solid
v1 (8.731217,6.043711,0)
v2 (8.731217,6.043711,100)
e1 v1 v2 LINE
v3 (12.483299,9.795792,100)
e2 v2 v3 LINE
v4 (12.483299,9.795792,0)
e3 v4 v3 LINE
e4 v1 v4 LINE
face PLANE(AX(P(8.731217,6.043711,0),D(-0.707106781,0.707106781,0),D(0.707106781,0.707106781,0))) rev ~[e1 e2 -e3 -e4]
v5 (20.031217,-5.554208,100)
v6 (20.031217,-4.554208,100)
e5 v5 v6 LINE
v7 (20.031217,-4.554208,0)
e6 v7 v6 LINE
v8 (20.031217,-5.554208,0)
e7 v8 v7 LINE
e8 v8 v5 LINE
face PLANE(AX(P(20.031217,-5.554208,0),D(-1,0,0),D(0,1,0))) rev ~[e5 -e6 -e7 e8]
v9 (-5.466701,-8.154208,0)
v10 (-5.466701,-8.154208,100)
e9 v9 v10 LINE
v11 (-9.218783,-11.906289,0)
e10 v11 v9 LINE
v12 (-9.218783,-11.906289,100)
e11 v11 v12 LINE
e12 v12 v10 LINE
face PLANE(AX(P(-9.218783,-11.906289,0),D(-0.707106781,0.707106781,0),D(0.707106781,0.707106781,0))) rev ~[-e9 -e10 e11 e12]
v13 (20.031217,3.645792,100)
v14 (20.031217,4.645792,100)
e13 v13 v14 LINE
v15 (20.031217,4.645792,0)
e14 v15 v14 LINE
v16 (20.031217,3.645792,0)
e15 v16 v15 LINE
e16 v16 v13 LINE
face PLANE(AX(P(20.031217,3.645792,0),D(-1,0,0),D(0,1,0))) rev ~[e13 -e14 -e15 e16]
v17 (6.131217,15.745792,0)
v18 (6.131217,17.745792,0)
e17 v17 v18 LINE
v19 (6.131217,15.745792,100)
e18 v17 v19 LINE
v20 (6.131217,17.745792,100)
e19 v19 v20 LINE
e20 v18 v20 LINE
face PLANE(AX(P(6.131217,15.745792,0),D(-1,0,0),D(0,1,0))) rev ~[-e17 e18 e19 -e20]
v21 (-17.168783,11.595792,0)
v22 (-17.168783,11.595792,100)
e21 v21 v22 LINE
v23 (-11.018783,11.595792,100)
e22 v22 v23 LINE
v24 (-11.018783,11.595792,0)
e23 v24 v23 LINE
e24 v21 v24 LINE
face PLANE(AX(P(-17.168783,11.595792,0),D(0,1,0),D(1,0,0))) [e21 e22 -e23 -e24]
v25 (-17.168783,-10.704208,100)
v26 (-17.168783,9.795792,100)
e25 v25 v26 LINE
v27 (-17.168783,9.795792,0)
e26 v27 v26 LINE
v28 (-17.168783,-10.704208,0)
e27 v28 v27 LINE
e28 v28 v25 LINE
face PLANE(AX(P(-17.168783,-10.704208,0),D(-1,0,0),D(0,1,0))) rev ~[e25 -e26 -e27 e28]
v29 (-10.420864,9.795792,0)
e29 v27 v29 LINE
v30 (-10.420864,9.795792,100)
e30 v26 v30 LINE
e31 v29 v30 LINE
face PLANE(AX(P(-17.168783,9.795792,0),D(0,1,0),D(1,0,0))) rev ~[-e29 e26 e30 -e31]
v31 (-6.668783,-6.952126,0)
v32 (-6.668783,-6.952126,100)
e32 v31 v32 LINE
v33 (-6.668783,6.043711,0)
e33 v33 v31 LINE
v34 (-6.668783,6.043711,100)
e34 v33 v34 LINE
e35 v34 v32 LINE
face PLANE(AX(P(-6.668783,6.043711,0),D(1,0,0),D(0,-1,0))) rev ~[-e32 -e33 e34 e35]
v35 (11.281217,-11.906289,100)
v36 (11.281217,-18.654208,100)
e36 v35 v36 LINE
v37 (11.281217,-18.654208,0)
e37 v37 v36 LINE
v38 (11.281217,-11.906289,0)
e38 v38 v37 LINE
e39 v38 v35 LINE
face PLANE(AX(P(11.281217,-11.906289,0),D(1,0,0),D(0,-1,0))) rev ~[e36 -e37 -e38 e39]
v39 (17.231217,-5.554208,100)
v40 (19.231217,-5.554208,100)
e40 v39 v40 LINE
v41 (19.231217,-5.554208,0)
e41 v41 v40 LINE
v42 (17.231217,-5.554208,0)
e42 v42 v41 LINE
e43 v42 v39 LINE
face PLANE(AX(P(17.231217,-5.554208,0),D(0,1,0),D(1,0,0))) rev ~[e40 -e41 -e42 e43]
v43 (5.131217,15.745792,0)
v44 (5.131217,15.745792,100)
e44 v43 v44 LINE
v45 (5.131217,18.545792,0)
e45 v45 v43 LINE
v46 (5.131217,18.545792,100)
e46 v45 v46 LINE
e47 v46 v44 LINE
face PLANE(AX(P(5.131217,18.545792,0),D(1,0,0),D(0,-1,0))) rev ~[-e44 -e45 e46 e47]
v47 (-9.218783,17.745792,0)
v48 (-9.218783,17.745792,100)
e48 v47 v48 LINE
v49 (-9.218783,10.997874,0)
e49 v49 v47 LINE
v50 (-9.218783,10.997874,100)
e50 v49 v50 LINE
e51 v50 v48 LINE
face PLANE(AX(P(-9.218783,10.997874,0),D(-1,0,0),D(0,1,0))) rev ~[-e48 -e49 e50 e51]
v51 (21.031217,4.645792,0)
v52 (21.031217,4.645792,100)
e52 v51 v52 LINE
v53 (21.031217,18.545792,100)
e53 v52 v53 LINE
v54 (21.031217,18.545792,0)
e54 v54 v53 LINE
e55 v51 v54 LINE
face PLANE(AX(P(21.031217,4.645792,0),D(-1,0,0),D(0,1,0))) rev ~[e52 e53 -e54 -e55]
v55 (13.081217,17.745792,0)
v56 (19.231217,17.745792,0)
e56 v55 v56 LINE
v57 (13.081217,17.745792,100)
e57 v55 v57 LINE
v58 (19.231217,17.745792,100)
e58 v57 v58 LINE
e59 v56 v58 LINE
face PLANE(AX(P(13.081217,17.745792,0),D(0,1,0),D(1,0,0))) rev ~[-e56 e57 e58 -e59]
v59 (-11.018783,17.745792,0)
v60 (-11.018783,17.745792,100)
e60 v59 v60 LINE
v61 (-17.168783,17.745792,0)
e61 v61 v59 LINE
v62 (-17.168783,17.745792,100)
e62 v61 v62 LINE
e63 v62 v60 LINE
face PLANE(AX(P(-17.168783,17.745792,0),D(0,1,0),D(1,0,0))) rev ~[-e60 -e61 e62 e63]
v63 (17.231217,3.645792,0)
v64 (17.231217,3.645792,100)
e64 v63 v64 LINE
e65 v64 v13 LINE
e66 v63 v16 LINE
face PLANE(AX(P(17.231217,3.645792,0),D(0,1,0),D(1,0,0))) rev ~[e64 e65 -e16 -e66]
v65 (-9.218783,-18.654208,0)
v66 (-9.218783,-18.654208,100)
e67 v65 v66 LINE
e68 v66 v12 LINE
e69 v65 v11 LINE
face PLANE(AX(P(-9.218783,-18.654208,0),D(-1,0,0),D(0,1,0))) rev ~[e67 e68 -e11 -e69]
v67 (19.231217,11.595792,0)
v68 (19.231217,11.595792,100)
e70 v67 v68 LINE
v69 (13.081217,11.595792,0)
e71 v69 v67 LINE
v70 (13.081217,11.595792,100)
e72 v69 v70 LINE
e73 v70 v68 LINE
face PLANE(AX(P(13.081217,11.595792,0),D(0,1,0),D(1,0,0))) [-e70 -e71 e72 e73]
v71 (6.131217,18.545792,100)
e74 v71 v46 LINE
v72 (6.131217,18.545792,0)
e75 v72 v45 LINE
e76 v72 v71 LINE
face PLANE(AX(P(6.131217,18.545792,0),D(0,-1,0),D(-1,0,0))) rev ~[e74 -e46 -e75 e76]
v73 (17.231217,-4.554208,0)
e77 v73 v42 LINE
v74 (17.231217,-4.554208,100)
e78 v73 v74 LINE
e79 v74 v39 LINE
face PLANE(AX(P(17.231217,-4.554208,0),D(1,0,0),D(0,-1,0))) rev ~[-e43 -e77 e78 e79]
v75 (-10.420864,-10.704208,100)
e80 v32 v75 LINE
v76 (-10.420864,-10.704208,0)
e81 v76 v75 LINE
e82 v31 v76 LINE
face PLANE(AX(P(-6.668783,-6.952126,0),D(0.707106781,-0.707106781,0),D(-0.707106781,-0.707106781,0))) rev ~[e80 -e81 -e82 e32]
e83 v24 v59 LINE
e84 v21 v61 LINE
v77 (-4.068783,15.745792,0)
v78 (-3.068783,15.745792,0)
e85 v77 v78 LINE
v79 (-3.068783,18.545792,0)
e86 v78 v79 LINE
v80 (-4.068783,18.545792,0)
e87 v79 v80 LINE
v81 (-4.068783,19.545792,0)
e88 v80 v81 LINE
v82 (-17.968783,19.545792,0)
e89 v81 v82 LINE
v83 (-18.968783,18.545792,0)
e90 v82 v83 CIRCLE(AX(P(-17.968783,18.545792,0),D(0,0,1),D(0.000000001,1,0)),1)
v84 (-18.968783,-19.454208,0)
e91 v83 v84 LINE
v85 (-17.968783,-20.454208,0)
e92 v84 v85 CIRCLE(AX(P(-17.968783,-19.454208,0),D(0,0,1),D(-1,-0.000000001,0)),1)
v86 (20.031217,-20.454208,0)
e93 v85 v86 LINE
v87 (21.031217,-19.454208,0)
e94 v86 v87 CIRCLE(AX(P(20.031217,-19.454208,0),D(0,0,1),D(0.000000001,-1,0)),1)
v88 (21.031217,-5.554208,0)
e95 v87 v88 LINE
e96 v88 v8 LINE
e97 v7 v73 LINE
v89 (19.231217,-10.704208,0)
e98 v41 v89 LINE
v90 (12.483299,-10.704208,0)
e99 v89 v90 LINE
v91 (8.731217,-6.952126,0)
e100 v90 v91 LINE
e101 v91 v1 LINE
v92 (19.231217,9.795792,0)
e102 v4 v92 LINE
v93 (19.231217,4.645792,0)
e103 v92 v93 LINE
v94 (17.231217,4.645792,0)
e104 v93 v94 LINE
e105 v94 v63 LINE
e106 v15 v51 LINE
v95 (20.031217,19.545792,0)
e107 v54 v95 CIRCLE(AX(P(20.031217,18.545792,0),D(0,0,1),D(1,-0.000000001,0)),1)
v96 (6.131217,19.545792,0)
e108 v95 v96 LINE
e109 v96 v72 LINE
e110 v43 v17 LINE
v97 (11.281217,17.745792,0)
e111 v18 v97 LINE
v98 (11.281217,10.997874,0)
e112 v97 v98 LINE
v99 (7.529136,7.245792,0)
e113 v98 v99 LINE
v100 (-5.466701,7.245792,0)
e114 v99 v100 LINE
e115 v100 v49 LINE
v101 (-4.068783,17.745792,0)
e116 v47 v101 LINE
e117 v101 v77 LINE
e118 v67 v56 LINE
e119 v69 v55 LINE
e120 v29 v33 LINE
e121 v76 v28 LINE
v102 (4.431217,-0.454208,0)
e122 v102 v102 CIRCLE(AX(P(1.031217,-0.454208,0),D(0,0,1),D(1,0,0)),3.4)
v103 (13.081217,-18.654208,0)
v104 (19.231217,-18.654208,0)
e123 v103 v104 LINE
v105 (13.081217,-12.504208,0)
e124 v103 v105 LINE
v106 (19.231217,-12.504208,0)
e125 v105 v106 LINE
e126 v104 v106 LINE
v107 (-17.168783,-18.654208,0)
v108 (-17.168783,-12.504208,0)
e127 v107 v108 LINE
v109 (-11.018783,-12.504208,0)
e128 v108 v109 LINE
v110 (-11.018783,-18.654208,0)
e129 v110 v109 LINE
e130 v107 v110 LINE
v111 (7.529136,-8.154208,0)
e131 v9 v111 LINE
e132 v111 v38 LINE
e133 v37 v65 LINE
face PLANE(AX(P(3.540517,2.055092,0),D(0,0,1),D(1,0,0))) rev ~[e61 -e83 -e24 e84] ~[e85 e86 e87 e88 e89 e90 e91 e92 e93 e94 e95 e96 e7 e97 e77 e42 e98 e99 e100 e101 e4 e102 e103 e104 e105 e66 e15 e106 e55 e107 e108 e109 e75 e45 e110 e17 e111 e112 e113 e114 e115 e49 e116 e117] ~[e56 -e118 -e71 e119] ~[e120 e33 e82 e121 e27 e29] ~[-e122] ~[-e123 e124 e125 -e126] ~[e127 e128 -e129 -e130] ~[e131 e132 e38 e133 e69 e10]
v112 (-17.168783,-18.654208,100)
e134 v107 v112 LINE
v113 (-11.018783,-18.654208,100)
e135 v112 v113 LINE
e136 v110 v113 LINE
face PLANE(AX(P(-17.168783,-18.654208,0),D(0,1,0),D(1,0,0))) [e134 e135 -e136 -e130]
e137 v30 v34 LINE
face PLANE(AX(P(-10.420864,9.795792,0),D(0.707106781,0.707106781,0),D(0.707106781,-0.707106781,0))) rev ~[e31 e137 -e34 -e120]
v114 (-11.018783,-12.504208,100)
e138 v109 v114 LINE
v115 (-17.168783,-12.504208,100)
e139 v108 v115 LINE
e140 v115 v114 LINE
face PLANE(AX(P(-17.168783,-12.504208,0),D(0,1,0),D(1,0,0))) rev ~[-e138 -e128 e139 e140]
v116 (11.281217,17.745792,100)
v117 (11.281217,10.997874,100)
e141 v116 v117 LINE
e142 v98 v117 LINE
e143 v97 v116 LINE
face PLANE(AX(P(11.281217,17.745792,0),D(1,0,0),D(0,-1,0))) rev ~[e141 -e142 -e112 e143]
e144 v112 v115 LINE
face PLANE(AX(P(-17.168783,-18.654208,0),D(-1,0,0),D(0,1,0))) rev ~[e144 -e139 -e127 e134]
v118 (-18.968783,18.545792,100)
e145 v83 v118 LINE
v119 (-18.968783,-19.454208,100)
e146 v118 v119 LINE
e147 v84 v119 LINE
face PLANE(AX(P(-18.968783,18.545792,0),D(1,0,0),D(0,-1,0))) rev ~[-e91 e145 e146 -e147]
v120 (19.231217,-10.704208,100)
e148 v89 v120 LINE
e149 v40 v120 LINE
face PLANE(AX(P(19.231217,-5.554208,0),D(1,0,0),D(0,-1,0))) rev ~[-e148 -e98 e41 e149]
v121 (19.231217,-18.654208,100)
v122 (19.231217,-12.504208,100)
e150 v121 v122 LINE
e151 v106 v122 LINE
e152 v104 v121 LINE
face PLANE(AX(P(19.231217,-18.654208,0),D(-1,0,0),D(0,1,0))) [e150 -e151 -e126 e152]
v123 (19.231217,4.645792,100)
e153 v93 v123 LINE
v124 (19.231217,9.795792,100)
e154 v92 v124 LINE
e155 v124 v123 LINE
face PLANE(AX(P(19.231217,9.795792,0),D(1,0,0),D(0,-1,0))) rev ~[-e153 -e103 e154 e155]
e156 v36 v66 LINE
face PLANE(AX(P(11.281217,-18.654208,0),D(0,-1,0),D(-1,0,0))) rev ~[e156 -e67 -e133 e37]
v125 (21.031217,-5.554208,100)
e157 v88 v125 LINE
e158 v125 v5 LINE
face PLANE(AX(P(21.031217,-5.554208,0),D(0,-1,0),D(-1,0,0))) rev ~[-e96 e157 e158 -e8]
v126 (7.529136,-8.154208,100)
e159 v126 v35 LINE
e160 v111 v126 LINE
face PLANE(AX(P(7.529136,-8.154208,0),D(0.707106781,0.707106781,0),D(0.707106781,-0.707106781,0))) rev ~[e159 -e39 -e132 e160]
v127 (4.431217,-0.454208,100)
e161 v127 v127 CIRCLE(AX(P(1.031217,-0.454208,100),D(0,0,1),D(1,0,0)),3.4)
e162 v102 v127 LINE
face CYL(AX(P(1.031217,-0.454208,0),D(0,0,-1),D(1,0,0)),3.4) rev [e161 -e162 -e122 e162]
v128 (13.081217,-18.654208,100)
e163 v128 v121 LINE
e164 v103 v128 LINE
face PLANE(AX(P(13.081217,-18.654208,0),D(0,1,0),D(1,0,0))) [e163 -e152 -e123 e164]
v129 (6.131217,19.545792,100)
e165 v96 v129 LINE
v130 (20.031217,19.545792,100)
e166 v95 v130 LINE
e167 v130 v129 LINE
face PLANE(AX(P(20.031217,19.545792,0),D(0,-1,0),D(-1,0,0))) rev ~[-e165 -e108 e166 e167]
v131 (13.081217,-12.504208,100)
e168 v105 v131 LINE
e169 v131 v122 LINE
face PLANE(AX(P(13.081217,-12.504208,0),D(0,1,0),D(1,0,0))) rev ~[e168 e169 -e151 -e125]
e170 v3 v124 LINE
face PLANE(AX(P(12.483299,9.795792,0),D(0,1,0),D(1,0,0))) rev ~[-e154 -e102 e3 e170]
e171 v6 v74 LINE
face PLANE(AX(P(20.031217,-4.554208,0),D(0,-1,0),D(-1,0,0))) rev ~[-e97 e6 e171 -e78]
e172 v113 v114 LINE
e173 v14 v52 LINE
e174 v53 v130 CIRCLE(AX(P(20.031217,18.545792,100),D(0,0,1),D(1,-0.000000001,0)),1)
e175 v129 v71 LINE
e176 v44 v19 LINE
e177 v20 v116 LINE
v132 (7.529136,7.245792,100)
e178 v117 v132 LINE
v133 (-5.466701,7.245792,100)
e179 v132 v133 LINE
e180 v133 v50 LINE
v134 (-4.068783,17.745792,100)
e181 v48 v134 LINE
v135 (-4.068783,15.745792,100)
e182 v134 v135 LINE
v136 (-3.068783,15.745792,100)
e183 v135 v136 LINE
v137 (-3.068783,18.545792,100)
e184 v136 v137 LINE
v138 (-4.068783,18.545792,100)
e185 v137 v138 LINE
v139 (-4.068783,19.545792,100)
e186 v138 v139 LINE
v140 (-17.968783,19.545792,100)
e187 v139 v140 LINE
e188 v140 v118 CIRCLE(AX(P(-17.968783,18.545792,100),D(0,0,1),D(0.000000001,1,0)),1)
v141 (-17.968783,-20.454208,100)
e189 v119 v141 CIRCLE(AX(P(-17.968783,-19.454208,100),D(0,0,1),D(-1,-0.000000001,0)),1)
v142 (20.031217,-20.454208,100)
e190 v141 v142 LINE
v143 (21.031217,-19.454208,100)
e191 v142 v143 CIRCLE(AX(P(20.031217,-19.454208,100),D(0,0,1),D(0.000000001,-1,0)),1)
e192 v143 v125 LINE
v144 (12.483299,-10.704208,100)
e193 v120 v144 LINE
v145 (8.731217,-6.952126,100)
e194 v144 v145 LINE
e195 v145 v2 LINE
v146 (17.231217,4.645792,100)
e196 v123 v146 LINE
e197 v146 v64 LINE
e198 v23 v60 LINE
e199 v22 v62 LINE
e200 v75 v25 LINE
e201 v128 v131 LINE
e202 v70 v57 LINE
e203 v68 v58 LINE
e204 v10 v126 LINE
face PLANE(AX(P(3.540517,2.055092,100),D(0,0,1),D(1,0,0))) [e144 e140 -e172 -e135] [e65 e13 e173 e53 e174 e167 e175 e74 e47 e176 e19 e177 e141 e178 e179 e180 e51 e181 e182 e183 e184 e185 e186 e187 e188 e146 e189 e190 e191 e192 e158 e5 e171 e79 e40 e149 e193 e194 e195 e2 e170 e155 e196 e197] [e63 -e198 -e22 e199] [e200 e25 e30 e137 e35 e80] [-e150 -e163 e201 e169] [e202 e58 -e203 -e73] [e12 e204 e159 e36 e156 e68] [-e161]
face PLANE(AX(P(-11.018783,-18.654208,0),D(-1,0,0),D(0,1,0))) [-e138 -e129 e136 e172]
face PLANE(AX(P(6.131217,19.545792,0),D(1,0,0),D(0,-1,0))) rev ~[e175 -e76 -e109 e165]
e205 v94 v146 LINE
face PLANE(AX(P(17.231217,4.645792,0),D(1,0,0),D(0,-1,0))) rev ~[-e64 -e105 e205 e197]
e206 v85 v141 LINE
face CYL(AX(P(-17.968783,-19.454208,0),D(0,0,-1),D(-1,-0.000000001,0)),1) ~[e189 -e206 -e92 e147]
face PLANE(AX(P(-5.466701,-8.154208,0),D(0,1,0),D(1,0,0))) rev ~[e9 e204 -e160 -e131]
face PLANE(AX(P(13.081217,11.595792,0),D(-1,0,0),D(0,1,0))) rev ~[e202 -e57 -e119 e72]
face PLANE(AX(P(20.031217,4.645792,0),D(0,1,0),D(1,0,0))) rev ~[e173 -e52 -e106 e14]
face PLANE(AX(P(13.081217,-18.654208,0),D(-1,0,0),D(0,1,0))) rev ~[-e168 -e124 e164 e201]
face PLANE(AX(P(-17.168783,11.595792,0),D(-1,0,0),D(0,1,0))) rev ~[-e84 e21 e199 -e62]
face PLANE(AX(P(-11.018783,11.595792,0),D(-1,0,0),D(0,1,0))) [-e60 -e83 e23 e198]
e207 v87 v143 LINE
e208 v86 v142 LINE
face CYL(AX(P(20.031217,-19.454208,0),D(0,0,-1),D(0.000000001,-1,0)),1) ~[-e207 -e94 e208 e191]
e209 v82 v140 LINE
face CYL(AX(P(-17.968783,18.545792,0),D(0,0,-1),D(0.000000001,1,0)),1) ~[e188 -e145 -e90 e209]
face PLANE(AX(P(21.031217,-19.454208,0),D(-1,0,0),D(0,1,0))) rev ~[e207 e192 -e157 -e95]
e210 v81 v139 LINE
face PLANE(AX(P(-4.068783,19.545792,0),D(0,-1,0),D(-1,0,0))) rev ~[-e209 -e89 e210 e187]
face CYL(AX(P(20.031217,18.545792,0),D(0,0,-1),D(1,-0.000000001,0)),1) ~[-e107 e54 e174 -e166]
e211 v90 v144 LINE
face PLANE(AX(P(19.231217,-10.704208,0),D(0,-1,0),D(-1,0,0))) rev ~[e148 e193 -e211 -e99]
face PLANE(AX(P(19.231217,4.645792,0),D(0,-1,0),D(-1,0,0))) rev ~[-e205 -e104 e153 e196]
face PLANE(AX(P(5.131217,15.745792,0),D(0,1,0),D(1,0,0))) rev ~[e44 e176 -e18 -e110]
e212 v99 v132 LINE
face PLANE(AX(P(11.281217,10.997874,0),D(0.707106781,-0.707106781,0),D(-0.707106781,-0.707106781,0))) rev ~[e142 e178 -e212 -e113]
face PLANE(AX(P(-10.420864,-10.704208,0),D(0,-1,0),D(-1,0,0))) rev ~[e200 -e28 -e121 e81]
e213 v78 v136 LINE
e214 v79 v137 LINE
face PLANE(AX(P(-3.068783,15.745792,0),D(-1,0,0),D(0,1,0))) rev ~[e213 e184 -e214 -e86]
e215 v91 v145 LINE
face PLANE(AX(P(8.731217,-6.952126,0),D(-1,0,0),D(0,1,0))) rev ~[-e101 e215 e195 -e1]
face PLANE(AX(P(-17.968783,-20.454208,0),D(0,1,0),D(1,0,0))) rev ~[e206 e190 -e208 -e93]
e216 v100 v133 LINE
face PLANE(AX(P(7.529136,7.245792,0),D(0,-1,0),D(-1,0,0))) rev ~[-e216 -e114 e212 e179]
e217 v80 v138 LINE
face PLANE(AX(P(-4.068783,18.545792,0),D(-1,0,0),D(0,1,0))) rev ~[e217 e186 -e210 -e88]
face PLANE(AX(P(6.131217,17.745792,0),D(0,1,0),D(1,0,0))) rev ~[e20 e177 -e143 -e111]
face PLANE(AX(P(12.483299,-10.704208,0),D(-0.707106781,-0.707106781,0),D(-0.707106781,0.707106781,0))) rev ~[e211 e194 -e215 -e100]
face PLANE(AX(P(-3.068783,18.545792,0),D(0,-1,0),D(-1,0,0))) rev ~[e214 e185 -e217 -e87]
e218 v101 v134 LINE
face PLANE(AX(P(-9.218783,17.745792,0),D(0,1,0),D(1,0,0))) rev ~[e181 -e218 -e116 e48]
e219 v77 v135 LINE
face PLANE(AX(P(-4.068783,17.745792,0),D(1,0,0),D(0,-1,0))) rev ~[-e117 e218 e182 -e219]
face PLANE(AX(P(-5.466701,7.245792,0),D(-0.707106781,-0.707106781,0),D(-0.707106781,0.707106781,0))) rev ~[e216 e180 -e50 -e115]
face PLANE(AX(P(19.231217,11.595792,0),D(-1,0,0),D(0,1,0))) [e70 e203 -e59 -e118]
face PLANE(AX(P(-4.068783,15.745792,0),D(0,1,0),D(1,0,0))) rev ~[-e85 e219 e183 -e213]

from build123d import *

# Parameters (mm, degrees)
SKETCH_1_R      = 3.4
SKETCH_1_W      = 6.15
SKETCH_1_H      = 6.15
EXTRUDE_1_DEPTH = 100


with BuildPart() as part:
    # 草图1 → 凸台-拉伸1 (new body)
    with BuildSketch(Plane.XY):
        with BuildLine():
            Line((-4.068782805, 19.545792426), (-17.968782805, 19.545792426))
            ThreePointArc((-17.968782805, 19.545792426), (-18.675889586, 19.252899208), (-18.968782805, 18.545792426))
            Line((-18.968782805, 18.545792426), (-18.968782805, 4.645792426))
            Line((-18.968782805, 4.645792426), (-18.968782805, -5.554207574))
            Line((-18.968782805, -5.554207574), (-18.968782805, -19.454207574))
            ThreePointArc((-18.968782805, -19.454207574), (-18.675889586, -20.161314355), (-17.968782805, -20.454207574))
            Line((-17.968782805, -20.454207574), (20.031217195, -20.454207574))
            ThreePointArc((20.031217195, -20.454207574), (20.738323976, -20.161314355), (21.031217195, -19.454207574))
            Line((21.031217195, -19.454207574), (21.031217195, -5.554207574))
            Line((21.031217195, -5.554207574), (20.031217195, -5.554207574))
            Line((20.031217195, -5.554207574), (20.031217195, -4.554207574))
            Line((20.031217195, -4.554207574), (17.231217195, -4.554207574))
            Line((17.231217195, -4.554207574), (17.231217195, -5.554207574))
            Line((17.231217195, -5.554207574), (19.231217195, -5.554207574))
            Line((19.231217195, -5.554207574), (19.231217195, -10.704207574))
            Line((19.231217195, -10.704207574), (12.483298723, -10.704207574))
            Line((12.483298723, -10.704207574), (8.731217195, -6.952126046))
            Line((8.731217195, -6.952126046), (8.731217195, 6.043710898))
            Line((8.731217195, 6.043710898), (12.483298723, 9.795792426))
            Line((12.483298723, 9.795792426), (19.231217195, 9.795792426))
            Line((19.231217195, 9.795792426), (19.231217195, 4.645792426))
            Line((19.231217195, 4.645792426), (17.231217195, 4.645792426))
            Line((17.231217195, 4.645792426), (17.231217195, 3.645792426))
            Line((17.231217195, 3.645792426), (20.031217195, 3.645792426))
            Line((20.031217195, 3.645792426), (20.031217195, 4.645792426))
            Line((20.031217195, 4.645792426), (21.031217195, 4.645792426))
            Line((21.031217195, 4.645792426), (21.031217195, 18.545792426))
            ThreePointArc((21.031217195, 18.545792426), (20.738323976, 19.252899208), (20.031217195, 19.545792426))
            Line((20.031217195, 19.545792426), (6.131217195, 19.545792426))
            Line((6.131217195, 19.545792426), (6.131217195, 18.545792426))
            Line((6.131217195, 18.545792426), (5.131217195, 18.545792426))
            Line((5.131217195, 18.545792426), (5.131217195, 15.745792426))
            Line((5.131217195, 15.745792426), (6.131217195, 15.745792426))
            Line((6.131217195, 15.745792426), (6.131217195, 17.745792426))
            Line((6.131217195, 17.745792426), (11.281217195, 17.745792426))
            Line((11.281217195, 17.745792426), (11.281217195, 10.997873954))
            Line((11.281217195, 10.997873954), (7.529135667, 7.245792426))
            Line((7.529135667, 7.245792426), (-5.466701277, 7.245792426))
            Line((-5.466701277, 7.245792426), (-9.218782805, 10.997873954))
            Line((-9.218782805, 10.997873954), (-9.218782805, 17.745792426))
            Line((-9.218782805, 17.745792426), (-4.068782805, 17.745792426))
            Line((-4.068782805, 17.745792426), (-4.068782805, 15.745792426))
            Line((-4.068782805, 15.745792426), (-3.068782805, 15.745792426))
            Line((-3.068782805, 15.745792426), (-3.068782805, 18.545792426))
            Line((-3.068782805, 18.545792426), (-4.068782805, 18.545792426))
            Line((-4.068782805, 18.545792426), (-4.068782805, 19.545792426))
        make_face()
        with Locations((1.031217195, -0.454207574)):
            Circle(SKETCH_1_R, mode=Mode.SUBTRACT)
        with Locations((-14.093782805, 14.670792426)):
            Rectangle(SKETCH_1_W, SKETCH_1_H, mode=Mode.SUBTRACT)
        Polygon((-6.668782805, 6.043710898), (-6.668782805, -6.952126046), (-10.420864333, -10.704207574), (-17.168782805, -10.704207574), (-17.168782805, 9.795792426), (-10.420864333, 9.795792426), align=None, mode=Mode.SUBTRACT)
        Polygon((-5.466701277, -8.154207574), (7.529135667, -8.154207574), (11.281217195, -11.906289102), (11.281217195, -18.654207574), (-9.218782805, -18.654207574), (-9.218782805, -11.906289102), align=None, mode=Mode.SUBTRACT)
        with Locations((16.156217195, 14.670792426)):
            Rectangle(SKETCH_1_W, SKETCH_1_H, mode=Mode.SUBTRACT)
        with Locations((-14.093782805, -15.579207574)):
            Rectangle(SKETCH_1_W, SKETCH_1_H, mode=Mode.SUBTRACT)
        with Locations((16.156217195, -15.579207574)):
            Rectangle(SKETCH_1_W, SKETCH_1_H, mode=Mode.SUBTRACT)
    extrude(amount=EXTRUDE_1_DEPTH)


solid = part.part
